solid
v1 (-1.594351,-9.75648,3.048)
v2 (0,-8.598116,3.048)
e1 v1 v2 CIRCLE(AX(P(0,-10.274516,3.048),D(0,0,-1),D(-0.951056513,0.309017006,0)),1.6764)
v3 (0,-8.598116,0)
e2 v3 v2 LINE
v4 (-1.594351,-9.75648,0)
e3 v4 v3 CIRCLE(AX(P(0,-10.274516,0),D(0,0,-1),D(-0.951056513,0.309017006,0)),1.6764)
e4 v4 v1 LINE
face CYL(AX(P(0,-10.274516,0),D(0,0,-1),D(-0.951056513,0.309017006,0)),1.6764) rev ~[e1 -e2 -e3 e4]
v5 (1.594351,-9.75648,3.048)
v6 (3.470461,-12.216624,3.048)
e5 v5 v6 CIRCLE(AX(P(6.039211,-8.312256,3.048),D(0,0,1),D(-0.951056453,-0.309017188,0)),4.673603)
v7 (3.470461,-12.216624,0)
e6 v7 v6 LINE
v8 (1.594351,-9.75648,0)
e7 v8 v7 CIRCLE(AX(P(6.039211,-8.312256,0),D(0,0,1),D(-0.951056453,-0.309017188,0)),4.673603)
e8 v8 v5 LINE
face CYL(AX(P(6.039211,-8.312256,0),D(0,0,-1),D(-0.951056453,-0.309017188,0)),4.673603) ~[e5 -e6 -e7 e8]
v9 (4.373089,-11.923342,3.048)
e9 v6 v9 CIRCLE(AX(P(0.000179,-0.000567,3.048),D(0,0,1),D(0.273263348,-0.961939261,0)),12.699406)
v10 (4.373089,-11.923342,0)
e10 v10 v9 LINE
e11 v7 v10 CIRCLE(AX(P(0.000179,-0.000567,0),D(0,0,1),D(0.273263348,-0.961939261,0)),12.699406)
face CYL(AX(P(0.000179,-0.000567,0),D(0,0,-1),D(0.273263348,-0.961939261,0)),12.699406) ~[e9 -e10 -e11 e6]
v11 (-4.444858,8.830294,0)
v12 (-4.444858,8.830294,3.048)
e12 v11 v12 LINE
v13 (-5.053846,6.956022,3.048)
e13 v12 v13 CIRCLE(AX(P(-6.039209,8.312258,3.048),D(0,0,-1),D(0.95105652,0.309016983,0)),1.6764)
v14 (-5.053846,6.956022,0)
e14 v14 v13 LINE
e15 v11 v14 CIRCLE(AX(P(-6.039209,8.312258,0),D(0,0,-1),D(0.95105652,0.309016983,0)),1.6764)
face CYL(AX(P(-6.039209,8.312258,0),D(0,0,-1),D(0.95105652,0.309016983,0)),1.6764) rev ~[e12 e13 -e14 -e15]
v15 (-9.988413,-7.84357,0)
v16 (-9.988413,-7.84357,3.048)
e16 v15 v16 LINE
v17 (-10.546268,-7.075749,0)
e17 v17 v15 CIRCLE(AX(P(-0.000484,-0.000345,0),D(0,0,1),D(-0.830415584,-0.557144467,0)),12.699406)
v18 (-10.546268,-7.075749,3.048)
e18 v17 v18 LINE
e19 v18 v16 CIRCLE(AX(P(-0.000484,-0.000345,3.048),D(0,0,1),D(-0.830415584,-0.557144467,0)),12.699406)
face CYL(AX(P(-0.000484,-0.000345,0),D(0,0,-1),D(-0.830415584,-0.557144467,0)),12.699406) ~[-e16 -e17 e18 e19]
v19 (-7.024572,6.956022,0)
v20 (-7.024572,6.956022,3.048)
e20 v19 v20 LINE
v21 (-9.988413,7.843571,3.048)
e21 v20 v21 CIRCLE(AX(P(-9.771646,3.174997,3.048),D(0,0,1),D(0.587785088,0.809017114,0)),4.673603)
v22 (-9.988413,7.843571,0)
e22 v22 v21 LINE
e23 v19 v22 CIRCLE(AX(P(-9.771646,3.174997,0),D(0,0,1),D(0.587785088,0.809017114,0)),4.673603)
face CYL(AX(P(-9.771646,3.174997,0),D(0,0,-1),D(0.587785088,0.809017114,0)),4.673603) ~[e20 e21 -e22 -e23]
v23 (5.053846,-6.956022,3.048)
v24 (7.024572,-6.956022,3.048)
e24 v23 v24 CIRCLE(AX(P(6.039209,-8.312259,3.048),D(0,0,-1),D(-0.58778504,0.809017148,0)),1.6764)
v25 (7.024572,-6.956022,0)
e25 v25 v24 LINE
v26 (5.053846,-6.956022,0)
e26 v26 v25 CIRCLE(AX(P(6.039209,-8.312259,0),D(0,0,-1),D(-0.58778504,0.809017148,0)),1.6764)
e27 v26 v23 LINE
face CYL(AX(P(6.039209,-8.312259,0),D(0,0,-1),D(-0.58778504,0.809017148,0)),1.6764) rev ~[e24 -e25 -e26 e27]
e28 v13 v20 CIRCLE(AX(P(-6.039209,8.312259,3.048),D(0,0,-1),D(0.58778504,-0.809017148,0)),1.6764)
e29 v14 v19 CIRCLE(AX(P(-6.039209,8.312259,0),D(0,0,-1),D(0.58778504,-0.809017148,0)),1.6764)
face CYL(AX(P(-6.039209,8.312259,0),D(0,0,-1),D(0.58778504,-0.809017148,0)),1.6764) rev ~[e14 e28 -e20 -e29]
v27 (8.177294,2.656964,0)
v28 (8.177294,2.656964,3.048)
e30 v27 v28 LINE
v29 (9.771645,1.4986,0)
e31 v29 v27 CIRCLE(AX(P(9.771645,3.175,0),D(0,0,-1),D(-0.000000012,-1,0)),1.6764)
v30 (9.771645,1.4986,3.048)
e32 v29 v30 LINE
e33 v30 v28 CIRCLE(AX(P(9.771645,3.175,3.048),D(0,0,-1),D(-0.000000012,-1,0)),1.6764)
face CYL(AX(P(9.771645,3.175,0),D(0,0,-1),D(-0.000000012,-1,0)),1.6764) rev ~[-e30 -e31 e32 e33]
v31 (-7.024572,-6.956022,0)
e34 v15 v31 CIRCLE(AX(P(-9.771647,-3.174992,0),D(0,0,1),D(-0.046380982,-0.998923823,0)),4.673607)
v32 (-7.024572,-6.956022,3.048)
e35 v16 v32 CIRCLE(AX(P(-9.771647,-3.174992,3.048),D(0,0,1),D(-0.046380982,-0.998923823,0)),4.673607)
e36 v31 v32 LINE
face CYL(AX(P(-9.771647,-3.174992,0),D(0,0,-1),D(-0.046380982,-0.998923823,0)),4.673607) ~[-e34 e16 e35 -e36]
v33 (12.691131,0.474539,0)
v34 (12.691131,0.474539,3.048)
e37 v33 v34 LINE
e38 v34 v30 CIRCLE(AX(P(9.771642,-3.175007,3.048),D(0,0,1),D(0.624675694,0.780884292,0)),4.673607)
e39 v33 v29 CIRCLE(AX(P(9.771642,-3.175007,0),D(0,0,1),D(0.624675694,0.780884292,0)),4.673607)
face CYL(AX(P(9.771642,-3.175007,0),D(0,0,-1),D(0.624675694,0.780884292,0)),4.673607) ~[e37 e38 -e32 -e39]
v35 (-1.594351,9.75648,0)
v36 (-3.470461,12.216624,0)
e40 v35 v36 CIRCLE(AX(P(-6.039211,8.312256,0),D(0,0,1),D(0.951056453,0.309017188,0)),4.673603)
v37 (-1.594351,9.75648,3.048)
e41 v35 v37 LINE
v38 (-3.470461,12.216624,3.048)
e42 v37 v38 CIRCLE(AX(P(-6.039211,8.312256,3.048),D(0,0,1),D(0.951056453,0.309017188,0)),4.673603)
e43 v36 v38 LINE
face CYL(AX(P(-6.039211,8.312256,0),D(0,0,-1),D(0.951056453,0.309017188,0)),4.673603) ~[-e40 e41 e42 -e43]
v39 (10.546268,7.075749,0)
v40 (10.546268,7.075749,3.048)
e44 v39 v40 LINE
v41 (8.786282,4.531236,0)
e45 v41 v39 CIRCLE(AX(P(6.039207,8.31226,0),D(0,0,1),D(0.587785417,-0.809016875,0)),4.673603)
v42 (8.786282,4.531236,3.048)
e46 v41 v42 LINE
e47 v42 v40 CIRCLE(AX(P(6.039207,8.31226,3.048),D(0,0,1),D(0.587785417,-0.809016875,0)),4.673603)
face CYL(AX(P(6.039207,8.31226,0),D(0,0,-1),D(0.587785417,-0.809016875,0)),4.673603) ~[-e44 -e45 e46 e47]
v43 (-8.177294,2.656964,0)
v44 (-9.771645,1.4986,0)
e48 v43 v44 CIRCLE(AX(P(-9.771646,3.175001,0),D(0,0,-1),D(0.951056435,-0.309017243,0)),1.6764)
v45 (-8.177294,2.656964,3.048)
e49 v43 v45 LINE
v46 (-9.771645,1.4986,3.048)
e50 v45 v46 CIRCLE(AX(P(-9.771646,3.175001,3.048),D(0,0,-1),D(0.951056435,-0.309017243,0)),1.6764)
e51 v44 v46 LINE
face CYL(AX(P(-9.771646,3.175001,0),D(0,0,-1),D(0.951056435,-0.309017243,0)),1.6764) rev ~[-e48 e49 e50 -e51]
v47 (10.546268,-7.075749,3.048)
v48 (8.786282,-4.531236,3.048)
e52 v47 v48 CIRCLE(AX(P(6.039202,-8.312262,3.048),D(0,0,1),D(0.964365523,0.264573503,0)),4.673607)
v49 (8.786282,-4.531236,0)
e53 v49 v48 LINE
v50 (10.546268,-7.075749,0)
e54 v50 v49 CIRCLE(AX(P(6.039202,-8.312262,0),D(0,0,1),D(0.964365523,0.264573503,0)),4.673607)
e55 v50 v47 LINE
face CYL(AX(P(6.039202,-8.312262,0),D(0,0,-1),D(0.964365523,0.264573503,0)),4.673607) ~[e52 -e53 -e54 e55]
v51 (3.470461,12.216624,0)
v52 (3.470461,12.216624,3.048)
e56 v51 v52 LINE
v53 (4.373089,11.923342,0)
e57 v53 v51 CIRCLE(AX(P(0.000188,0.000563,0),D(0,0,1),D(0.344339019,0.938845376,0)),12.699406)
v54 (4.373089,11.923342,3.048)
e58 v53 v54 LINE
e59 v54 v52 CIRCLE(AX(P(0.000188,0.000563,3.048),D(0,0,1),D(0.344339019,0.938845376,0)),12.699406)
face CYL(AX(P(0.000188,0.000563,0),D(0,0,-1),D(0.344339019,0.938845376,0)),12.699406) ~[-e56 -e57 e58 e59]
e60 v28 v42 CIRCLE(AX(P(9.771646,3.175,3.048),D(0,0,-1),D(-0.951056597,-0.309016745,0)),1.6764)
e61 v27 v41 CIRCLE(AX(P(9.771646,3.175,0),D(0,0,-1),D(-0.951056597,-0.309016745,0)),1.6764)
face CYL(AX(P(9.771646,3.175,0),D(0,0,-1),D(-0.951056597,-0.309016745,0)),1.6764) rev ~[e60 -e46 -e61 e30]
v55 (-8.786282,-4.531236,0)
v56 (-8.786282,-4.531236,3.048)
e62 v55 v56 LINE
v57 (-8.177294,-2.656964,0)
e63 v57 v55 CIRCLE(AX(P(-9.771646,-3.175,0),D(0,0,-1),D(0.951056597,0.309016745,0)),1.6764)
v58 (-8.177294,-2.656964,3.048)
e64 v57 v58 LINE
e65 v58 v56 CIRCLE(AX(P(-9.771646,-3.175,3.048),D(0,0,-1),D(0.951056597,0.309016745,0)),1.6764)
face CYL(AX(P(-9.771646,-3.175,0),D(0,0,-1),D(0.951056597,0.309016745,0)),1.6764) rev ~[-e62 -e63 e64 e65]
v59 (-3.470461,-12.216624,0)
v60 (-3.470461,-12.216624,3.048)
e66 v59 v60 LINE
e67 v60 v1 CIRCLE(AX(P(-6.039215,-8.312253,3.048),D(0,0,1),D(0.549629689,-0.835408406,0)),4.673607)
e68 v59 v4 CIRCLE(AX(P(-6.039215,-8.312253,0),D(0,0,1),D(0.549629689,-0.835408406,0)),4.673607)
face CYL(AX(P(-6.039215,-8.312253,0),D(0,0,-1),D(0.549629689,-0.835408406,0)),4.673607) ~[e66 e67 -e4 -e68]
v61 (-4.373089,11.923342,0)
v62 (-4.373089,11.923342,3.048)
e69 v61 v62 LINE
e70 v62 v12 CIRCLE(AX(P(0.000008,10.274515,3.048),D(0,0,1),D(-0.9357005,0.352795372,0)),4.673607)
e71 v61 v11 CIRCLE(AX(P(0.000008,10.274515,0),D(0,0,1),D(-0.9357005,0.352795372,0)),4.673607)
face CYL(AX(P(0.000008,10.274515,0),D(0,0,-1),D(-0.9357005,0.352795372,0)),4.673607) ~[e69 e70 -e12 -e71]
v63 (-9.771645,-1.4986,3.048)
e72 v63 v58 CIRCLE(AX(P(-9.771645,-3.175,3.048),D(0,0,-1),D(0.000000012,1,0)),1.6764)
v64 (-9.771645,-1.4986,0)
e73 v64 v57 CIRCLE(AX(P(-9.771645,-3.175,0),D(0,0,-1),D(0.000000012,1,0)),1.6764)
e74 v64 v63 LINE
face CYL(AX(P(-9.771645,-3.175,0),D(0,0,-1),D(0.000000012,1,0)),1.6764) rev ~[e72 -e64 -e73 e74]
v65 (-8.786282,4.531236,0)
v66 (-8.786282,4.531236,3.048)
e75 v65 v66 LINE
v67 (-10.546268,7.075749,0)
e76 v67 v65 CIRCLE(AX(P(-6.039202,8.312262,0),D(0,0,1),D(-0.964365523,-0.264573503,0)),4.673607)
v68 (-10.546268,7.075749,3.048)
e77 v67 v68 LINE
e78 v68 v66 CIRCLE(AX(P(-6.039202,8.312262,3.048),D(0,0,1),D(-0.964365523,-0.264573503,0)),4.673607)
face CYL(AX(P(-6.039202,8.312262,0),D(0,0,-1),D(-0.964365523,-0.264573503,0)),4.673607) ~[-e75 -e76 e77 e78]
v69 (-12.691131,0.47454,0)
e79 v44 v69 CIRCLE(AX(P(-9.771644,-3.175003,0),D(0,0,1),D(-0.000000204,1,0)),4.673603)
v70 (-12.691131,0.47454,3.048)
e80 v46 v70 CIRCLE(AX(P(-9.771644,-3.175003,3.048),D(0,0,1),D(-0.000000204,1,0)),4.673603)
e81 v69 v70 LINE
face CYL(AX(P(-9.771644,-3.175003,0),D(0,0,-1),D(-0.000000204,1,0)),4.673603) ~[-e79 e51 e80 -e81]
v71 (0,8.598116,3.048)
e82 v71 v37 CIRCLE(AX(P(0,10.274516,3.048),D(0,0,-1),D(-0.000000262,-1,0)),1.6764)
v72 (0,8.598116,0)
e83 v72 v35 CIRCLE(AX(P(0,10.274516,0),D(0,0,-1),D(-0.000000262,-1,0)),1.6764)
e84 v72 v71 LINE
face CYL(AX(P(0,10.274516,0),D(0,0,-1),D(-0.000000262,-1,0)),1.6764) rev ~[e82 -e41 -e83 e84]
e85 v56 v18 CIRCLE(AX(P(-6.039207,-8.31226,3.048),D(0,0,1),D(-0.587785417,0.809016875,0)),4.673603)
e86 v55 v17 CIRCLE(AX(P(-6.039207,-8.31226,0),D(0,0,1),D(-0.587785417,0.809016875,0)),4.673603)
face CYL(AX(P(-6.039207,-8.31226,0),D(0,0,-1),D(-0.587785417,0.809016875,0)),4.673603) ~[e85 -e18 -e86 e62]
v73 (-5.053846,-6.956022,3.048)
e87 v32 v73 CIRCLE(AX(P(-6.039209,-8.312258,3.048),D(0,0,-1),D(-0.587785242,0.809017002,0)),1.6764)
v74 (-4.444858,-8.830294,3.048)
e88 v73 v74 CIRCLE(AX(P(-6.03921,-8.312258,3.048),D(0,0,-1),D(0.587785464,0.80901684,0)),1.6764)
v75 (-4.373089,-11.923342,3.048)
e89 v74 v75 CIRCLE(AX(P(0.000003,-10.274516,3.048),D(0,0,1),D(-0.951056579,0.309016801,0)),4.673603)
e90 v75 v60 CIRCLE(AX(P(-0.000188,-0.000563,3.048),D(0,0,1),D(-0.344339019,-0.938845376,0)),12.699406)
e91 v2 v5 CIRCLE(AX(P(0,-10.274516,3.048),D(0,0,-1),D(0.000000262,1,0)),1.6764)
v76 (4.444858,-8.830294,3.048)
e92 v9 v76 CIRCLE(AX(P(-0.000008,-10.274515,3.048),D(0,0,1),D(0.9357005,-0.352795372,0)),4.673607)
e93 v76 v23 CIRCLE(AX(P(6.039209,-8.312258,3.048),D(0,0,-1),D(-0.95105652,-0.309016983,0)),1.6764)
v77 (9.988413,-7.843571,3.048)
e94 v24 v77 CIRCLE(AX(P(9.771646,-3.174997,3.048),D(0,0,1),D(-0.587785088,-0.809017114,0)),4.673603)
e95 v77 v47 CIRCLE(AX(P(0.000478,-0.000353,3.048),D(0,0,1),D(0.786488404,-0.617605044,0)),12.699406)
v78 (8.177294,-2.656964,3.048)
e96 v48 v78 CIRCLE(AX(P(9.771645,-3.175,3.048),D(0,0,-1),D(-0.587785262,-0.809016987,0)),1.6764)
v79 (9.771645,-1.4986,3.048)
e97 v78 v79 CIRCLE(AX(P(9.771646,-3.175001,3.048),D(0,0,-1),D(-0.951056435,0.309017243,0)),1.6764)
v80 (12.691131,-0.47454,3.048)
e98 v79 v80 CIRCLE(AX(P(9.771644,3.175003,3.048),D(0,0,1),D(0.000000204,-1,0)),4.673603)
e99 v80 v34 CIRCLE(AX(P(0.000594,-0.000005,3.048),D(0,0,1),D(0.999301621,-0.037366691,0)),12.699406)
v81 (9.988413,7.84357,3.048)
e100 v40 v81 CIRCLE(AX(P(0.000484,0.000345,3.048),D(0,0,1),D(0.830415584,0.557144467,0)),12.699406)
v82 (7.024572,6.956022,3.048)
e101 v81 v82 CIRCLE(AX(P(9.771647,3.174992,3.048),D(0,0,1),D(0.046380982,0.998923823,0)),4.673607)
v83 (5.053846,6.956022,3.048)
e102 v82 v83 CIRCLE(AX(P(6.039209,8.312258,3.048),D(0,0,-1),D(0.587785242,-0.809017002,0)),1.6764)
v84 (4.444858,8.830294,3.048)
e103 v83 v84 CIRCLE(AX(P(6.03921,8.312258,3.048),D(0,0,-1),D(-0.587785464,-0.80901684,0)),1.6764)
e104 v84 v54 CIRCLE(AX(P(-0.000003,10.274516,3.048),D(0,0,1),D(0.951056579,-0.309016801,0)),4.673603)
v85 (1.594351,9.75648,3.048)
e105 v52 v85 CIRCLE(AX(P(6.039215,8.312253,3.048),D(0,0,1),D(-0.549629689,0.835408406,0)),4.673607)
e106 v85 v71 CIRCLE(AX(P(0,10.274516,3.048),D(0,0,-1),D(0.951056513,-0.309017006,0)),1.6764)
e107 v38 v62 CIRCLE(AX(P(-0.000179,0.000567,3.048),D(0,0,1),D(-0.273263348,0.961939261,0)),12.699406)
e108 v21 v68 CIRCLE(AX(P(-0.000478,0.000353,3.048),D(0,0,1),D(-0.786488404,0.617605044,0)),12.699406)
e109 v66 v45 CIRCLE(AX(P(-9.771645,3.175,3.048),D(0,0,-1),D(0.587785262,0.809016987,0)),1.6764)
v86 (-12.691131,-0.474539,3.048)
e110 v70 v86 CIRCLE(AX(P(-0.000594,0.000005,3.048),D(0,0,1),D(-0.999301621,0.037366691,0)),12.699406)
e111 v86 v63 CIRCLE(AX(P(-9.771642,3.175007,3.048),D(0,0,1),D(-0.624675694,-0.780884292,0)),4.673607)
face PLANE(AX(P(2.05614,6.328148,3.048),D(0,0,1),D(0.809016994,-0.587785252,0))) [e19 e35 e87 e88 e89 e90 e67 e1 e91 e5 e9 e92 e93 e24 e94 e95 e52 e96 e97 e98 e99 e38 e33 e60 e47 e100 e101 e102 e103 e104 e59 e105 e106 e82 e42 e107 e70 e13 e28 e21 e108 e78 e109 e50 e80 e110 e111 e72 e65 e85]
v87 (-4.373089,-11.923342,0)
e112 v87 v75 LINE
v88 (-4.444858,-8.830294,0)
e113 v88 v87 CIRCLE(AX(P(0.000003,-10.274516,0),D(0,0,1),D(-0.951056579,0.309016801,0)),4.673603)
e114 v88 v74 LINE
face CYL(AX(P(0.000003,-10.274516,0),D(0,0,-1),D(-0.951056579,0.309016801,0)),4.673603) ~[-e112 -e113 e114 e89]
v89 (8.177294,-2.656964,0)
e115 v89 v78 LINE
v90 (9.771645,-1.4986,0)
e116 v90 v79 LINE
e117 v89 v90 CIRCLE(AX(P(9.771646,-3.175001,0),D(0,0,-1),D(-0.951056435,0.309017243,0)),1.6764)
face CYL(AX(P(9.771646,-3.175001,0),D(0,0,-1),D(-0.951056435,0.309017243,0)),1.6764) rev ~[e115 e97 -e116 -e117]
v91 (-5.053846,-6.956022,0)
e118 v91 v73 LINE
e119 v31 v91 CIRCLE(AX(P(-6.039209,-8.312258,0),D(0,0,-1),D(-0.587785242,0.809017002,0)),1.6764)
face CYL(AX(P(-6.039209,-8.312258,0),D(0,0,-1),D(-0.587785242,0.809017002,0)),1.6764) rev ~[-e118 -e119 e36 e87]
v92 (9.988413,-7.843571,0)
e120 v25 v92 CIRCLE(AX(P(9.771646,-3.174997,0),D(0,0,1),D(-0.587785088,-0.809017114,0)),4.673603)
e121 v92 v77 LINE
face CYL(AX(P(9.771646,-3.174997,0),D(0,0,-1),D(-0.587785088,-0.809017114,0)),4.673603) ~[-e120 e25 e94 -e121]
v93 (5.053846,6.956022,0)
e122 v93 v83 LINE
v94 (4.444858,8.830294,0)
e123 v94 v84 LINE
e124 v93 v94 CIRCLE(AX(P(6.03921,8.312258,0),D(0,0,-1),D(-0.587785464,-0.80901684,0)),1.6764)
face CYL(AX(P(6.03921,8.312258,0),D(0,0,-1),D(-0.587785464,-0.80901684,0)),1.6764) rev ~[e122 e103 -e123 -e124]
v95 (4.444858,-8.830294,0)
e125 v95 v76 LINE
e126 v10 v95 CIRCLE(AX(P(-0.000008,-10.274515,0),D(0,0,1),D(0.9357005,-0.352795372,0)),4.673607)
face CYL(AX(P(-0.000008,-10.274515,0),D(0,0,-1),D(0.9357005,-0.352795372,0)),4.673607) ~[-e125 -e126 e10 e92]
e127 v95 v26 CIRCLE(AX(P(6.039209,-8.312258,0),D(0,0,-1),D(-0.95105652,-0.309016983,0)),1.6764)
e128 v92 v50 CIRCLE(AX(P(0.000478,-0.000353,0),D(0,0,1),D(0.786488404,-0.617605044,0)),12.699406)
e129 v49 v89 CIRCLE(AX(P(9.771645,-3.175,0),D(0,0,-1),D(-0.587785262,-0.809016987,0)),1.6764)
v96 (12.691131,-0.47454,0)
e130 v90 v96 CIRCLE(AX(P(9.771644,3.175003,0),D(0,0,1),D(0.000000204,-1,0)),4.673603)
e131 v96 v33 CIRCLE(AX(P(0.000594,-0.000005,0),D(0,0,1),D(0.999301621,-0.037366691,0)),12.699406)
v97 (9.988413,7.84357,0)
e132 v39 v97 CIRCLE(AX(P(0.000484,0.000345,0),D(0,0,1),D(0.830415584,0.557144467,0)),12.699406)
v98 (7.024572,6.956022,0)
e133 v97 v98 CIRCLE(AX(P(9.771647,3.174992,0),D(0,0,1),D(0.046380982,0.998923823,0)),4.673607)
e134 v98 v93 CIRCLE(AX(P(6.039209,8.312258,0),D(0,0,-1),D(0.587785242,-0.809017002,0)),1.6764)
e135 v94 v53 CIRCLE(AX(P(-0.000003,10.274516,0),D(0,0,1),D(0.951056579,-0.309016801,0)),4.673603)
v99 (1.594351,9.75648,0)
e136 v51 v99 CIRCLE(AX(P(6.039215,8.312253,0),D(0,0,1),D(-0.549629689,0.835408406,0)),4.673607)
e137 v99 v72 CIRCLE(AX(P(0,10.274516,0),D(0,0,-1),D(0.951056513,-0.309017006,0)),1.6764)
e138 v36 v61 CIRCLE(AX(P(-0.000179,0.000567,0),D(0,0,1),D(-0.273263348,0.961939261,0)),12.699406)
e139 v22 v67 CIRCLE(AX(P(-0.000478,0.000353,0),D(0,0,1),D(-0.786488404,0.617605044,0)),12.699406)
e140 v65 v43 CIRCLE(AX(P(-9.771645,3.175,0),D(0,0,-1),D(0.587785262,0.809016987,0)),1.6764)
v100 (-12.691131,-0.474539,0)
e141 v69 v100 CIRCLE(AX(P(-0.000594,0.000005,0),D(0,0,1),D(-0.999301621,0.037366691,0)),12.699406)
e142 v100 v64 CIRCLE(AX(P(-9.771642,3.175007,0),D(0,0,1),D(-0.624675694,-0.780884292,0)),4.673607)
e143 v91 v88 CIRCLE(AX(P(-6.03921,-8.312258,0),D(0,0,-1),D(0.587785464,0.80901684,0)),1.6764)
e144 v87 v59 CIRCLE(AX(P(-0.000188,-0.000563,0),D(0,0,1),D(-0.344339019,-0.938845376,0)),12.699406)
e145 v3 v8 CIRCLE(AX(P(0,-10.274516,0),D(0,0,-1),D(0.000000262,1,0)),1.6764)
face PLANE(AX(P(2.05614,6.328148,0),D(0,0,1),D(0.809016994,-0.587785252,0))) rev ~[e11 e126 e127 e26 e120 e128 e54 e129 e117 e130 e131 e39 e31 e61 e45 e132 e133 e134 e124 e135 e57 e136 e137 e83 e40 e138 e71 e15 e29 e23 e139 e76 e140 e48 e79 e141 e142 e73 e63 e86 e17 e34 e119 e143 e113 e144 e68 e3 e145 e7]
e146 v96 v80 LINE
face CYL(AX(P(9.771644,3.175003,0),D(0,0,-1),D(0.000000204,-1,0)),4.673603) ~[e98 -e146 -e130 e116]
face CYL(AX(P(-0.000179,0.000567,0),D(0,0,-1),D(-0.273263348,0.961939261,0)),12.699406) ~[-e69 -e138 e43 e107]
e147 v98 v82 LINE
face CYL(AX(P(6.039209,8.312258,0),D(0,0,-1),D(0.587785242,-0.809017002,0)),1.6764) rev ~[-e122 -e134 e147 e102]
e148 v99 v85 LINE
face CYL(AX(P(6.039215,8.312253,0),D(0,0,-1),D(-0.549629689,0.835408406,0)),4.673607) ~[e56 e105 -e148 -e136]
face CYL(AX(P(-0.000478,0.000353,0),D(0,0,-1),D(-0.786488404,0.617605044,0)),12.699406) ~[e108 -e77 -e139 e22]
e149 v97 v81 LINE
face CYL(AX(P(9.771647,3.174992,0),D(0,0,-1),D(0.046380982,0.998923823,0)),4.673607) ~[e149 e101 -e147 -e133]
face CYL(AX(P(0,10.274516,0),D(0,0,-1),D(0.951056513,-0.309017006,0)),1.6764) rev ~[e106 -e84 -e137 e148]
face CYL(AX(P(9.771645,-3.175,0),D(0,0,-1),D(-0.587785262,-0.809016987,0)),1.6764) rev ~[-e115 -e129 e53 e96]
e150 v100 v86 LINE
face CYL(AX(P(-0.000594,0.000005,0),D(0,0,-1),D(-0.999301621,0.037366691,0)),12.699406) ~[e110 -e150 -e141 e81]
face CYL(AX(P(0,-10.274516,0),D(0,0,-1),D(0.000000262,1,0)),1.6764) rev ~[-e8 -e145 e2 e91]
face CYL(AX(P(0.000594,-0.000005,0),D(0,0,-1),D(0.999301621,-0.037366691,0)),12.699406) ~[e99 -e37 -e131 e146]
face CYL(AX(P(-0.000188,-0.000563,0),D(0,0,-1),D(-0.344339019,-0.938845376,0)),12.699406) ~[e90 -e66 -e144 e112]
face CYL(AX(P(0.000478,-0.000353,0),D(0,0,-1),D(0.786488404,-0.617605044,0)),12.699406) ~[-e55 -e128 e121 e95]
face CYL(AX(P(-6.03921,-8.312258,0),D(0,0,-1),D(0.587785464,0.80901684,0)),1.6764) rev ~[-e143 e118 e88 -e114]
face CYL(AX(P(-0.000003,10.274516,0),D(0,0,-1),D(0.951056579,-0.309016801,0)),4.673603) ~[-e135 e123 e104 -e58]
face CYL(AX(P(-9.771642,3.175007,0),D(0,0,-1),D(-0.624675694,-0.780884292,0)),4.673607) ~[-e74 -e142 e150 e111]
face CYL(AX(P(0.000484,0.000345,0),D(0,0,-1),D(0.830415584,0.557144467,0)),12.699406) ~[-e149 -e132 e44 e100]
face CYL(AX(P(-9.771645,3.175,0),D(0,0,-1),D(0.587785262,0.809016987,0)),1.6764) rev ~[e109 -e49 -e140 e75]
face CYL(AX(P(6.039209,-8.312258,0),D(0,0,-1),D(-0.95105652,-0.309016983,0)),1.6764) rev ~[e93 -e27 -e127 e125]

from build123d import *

# Parameters (mm, degrees)
F1_DEPTH = 3.048
F2_COUNT = 10


with BuildPart() as f1:
    # F0 (on Top) → F1 (new body)
    with BuildSketch(Plane.XY):
        with BuildLine():
            ThreePointArc((0, 8.598116), (-0.985363, 8.91828), (-1.594351, 9.75648))
            ThreePointArc((-1.594351, 9.75648), (-2.322928, 11.1463), (-3.470461, 12.216624))
            ThreePointArc((-3.470461, 12.216624), (-3.924516, 12.078418), (-4.373089, 11.923342))
            ThreePointArc((-4.373089, 11.923342), (-4.672342, 10.382929), (-4.444858, 8.830294))
            ThreePointArc((-4.444858, 8.830294), (-4.444858, 7.794222), (-5.053846, 6.956022))
            Line((-5.053846, 6.956022), (0, 0))
            Line((0, 0), (0, 8.598116))
        make_face()
    extrude(amount=F1_DEPTH)

    # F2: F1 ×10 about axis
    f2_axis = Axis((0, 0, 1.524), (0, 0, 1))


with BuildPart() as f1_1:
    add(f1.part)
    for i in range(1, F2_COUNT):
        add(f1.part.rotate(f2_axis, i * 360 / F2_COUNT))


solid = f1_1.part
